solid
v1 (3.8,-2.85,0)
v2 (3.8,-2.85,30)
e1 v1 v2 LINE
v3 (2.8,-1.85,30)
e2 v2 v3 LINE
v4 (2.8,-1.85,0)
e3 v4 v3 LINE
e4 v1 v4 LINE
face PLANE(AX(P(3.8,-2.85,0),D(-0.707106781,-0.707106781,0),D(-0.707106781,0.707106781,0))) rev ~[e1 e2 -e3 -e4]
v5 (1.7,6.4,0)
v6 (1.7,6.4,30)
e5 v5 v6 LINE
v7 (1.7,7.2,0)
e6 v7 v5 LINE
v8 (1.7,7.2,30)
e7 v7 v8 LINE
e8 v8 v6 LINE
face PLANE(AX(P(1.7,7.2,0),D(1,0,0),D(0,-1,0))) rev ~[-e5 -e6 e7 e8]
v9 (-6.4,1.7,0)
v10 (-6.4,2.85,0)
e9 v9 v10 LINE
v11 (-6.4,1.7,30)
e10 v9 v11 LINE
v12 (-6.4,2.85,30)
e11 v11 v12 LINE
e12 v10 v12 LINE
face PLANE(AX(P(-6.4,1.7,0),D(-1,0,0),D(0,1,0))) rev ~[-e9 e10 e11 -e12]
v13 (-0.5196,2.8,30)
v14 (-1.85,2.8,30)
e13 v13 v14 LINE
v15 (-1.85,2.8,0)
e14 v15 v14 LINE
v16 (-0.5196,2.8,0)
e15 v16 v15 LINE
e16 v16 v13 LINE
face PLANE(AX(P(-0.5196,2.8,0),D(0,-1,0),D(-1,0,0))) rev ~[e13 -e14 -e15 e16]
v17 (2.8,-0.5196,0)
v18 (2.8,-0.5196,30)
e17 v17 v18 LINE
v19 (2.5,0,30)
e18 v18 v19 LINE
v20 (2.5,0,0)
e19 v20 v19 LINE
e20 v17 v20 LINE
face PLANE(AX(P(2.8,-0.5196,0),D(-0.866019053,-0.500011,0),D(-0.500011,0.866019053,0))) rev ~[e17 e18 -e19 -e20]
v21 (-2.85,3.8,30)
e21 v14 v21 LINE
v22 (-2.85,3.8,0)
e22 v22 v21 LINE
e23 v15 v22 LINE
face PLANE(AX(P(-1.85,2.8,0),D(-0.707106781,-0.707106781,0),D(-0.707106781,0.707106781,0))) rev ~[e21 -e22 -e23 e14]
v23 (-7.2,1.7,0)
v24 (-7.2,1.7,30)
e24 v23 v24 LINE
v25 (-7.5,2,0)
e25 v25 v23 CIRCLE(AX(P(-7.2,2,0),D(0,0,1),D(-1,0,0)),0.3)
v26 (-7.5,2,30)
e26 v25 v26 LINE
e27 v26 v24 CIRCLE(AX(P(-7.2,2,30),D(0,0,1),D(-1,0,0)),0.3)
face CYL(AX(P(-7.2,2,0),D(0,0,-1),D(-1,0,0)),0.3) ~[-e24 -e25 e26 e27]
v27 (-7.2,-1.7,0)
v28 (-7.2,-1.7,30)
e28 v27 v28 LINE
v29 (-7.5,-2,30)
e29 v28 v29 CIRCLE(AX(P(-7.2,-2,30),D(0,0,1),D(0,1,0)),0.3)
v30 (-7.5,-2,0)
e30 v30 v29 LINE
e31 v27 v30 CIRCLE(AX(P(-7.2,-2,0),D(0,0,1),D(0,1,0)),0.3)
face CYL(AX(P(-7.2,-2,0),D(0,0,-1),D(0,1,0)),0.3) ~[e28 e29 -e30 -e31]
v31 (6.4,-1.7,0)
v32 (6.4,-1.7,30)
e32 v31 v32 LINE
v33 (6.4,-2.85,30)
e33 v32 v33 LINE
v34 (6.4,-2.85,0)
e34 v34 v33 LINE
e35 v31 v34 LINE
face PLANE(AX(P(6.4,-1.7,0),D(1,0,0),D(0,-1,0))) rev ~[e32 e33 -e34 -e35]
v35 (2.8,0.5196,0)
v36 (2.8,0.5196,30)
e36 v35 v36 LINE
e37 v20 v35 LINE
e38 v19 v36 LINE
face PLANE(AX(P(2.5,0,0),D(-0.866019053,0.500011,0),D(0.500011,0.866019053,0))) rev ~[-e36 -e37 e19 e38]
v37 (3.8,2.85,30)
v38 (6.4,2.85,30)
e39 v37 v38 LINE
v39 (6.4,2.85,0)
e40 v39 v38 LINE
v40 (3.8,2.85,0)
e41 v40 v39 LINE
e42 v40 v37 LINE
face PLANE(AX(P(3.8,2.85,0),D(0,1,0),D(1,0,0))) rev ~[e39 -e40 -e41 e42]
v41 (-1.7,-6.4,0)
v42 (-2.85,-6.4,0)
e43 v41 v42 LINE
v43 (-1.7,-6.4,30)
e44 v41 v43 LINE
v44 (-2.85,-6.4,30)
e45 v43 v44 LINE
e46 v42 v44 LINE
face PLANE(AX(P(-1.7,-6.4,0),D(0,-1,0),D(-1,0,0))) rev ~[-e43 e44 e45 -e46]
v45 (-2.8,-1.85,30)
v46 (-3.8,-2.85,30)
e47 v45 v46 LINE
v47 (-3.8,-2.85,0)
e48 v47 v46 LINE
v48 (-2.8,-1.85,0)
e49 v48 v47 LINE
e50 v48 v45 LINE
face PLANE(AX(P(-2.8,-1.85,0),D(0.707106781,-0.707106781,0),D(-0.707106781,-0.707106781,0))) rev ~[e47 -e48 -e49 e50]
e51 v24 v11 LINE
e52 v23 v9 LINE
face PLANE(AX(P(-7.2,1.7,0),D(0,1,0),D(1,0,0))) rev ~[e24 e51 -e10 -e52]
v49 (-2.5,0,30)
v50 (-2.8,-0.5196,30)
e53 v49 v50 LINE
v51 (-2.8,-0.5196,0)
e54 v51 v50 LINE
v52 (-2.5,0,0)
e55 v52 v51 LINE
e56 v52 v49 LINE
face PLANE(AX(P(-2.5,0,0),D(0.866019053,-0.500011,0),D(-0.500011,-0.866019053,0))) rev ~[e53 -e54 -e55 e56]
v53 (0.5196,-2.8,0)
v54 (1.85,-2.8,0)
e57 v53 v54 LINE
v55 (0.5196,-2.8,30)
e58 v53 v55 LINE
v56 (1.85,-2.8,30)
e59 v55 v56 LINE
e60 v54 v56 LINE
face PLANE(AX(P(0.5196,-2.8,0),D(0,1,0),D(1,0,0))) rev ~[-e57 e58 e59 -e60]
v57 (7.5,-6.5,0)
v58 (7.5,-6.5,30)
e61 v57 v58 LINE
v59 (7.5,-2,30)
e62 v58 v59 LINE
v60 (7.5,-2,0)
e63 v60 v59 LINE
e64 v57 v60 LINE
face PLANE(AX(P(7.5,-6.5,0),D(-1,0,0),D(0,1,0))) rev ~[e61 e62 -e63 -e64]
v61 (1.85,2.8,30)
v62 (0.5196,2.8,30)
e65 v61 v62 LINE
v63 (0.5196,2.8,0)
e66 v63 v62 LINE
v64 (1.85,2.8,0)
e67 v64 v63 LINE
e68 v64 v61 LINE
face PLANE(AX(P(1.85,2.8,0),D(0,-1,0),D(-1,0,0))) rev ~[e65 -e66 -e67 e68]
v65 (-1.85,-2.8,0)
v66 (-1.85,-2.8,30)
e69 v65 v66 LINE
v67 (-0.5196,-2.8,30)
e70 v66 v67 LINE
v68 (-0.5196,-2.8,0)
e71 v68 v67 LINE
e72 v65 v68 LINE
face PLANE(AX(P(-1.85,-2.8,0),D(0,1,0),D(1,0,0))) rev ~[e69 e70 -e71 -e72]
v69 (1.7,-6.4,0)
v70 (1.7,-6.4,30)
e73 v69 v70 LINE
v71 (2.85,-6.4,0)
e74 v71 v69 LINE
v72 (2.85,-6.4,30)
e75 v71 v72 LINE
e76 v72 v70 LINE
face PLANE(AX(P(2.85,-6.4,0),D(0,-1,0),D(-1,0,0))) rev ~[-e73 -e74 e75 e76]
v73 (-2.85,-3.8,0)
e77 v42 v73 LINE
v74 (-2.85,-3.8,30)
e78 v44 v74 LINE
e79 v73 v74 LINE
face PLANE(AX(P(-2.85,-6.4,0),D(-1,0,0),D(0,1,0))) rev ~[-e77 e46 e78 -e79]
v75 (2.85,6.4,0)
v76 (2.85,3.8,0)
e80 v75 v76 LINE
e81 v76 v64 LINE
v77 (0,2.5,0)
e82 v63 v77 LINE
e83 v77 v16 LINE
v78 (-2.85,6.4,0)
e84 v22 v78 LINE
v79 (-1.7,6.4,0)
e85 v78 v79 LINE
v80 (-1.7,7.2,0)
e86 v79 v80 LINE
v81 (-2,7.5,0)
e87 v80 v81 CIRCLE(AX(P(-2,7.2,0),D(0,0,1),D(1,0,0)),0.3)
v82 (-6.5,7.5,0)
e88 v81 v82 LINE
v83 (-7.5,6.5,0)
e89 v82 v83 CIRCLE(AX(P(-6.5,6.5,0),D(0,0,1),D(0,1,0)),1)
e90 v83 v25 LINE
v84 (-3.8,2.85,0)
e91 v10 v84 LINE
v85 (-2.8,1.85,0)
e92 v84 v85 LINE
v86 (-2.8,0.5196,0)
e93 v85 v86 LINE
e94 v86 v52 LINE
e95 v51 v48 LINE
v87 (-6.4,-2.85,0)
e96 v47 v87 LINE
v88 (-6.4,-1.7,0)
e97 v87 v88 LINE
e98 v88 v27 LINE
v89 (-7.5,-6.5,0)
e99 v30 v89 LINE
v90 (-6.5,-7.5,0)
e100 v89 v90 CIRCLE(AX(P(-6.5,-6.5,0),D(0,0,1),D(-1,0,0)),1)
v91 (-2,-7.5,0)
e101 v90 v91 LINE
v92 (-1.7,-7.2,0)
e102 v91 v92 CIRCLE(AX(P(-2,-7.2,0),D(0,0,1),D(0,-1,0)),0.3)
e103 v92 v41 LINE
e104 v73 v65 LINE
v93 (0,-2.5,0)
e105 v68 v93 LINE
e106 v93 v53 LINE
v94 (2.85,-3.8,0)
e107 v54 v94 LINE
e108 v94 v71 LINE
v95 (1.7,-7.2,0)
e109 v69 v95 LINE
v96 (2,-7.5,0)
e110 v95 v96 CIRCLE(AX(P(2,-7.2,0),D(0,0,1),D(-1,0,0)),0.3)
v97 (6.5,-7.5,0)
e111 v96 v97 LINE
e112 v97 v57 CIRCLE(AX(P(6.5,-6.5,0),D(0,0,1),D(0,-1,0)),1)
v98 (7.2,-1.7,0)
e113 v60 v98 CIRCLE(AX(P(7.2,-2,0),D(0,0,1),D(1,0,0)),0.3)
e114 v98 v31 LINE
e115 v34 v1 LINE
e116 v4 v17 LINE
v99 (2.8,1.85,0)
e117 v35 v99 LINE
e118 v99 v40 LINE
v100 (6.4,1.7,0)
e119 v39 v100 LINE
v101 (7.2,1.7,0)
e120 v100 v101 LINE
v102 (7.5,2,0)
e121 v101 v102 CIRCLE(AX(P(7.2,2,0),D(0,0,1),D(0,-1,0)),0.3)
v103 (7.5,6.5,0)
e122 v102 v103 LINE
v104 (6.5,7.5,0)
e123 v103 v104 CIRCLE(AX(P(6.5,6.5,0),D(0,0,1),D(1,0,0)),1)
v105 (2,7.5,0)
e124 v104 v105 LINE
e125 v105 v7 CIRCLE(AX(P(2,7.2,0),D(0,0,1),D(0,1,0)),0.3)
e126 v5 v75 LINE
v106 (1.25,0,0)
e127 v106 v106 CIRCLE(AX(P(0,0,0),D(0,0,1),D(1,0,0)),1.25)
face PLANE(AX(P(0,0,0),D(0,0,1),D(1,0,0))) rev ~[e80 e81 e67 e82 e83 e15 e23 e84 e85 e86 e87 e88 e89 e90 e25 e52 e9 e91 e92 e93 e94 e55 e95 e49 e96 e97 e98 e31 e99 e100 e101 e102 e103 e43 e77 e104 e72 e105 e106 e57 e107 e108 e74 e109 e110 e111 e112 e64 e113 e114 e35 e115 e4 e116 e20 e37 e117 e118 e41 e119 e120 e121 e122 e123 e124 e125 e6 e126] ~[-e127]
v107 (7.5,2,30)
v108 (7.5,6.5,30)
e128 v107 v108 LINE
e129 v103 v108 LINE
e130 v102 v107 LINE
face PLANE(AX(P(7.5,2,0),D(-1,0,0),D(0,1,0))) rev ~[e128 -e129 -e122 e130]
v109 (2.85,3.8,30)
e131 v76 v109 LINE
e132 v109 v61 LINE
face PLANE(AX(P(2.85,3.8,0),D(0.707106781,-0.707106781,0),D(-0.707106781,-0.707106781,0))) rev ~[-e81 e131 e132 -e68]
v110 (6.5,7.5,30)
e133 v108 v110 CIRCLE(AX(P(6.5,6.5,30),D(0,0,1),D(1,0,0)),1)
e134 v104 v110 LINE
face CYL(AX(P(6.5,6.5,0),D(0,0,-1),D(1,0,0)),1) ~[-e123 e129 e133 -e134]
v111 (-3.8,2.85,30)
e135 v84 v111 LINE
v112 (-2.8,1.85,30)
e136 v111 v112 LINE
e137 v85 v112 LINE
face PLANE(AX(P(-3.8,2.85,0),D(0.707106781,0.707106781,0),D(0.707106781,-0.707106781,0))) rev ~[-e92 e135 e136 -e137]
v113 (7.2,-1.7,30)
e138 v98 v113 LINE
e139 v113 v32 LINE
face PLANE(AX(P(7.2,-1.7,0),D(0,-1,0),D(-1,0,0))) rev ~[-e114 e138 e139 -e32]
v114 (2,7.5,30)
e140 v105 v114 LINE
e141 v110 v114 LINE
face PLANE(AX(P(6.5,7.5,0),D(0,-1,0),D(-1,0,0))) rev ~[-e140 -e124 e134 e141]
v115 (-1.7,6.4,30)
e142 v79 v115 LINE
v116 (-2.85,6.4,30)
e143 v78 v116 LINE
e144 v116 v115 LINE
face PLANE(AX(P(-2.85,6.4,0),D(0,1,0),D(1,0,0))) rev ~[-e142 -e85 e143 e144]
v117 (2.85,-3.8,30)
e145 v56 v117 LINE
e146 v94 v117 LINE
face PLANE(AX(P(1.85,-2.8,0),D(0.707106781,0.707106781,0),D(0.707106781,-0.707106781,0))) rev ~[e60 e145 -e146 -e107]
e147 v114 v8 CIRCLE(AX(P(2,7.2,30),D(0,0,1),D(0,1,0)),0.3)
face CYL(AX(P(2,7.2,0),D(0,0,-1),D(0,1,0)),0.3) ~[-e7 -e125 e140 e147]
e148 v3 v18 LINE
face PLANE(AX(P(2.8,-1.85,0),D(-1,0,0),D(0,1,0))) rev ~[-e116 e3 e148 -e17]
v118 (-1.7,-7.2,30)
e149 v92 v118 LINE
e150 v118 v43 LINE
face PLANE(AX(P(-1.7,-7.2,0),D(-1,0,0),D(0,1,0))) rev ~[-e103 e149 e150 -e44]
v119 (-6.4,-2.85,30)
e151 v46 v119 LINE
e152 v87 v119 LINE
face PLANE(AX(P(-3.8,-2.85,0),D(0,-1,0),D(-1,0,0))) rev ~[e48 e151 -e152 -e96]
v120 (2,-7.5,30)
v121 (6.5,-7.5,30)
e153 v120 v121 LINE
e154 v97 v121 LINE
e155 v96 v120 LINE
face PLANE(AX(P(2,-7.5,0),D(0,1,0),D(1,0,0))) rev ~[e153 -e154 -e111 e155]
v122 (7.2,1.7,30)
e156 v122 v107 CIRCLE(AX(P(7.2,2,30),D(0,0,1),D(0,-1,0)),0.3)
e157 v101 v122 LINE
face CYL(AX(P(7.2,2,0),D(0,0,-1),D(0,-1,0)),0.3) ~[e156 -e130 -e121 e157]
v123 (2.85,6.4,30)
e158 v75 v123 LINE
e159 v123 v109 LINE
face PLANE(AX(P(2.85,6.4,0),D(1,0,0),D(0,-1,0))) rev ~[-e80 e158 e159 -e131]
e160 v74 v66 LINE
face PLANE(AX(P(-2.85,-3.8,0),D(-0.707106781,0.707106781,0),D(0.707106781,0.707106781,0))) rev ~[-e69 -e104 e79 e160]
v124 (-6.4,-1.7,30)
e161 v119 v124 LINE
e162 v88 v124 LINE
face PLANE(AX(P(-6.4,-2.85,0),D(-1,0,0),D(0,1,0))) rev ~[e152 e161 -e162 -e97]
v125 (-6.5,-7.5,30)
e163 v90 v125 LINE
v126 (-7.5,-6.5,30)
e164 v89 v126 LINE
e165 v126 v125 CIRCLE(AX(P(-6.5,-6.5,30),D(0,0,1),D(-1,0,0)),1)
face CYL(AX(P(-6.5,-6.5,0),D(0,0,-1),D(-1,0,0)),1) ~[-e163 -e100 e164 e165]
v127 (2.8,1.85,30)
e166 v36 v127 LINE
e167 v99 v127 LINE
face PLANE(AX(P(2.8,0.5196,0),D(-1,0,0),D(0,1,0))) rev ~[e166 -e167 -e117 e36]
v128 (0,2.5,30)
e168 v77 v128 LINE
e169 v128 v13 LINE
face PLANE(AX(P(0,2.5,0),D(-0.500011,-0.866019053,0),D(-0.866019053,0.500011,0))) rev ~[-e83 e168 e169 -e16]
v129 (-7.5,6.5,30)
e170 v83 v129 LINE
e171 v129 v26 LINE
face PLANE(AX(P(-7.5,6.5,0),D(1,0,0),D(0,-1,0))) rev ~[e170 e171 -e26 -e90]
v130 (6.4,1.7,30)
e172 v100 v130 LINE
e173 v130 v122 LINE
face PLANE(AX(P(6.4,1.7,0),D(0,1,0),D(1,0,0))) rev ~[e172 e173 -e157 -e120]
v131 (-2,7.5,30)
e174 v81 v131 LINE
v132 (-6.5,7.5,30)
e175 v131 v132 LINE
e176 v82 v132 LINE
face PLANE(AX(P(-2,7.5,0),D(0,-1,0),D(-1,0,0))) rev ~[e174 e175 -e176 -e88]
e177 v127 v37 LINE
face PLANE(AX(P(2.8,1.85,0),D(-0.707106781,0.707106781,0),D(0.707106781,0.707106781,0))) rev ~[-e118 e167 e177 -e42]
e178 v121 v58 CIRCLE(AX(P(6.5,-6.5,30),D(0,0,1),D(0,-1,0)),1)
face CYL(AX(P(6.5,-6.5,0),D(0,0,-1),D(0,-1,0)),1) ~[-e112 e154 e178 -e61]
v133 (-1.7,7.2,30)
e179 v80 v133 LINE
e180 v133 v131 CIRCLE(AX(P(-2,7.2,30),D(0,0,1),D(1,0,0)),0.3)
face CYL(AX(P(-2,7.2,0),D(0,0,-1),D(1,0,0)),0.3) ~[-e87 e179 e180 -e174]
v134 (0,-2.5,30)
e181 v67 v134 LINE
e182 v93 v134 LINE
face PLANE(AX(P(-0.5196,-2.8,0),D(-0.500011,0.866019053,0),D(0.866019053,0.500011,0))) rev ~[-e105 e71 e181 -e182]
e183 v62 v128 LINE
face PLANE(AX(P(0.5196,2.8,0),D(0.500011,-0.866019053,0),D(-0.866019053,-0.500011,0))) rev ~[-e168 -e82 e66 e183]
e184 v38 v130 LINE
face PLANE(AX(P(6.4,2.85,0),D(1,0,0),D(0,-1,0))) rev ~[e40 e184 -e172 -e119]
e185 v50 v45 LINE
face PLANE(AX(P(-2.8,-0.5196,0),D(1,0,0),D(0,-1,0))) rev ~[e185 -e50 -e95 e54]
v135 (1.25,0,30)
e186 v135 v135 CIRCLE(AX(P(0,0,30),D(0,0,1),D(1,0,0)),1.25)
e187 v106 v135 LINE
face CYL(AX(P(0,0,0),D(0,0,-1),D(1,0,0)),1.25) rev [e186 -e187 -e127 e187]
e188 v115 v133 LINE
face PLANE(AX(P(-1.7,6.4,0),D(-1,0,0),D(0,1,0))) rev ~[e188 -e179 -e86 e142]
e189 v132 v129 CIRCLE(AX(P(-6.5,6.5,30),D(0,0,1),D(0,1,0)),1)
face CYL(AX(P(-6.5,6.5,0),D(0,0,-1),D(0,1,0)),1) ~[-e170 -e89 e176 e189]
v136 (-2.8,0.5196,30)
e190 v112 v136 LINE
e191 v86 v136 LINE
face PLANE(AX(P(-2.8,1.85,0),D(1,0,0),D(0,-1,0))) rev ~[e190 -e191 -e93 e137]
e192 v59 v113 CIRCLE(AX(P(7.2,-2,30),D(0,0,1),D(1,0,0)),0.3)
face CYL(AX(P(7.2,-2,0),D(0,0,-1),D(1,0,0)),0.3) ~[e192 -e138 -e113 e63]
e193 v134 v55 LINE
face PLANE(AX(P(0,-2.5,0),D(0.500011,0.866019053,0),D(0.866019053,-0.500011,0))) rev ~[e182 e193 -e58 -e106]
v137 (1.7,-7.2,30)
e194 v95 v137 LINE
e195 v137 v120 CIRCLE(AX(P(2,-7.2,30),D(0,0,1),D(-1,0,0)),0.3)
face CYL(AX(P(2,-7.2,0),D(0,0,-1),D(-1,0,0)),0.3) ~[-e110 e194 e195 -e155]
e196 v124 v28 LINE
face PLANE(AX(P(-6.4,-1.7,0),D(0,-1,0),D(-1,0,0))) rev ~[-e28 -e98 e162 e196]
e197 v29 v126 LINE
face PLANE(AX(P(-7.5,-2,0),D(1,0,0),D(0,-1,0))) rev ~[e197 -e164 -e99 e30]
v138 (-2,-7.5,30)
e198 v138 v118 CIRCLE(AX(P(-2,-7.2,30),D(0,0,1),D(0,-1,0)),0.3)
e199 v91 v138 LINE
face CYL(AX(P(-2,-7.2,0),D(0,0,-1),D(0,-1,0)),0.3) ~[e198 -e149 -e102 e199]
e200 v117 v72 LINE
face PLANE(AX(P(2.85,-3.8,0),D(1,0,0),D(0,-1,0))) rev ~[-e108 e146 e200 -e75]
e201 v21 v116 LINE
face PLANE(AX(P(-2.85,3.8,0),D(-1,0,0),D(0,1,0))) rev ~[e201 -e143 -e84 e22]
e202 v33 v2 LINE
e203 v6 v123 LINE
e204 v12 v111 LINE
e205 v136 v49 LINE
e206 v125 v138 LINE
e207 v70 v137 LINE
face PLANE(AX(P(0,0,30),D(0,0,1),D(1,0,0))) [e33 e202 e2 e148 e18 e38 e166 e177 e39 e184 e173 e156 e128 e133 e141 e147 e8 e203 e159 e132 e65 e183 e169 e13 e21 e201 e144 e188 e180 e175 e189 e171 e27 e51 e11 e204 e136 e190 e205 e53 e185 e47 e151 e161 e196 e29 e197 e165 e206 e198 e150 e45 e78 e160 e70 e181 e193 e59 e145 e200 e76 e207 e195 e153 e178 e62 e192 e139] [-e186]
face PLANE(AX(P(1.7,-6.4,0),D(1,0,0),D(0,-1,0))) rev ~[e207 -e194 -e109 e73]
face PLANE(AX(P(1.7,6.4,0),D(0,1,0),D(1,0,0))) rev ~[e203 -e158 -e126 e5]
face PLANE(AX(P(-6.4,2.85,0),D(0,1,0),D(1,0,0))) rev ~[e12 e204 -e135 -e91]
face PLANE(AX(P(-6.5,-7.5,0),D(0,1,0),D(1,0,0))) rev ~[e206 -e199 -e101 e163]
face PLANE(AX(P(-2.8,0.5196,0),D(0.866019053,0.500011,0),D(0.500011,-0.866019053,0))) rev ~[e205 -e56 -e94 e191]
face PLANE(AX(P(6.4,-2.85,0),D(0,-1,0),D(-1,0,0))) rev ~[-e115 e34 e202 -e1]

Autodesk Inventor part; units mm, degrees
ref_plane "YZ Plane" through (0, 0, 0) normal (1, 0, 0) x (0, 1, 0)
ref_plane "XZ Plane" through (0, 0, 0) normal (0, 1, 0) x (-1, 0, 0)
ref_plane "XY Plane" through (0, 0, 0) normal (0, 0, 1) x (1, 0, 0)
sketch "Sketch_1" plane through (0, 0, 0) normal (0, 0, 1) x (1, 0, 0)
  line L0 (-7.5, 6.5) -> (-7.5, 2)
  arc A0 (-7.5, 2) -> (-7.2, 1.7) centre (-7.2, 2) ccw
  line L1 (-7.2, 1.7) -> (-6.4, 1.7)
  line L2 (-6.4, 1.7) -> (-6.4, 2.85)
  line L3 (-6.4, 2.85) -> (-3.8, 2.85)
  line L4 (-3.8, 2.85) -> (-2.8, 1.85)
  line L5 (-2.8, 1.85) -> (-2.8, 0.5196)
  line L6 (-2.8, 0.5196) -> (-2.5, 0)
  line L7 (-2.5, 0) -> (-2.8, -0.5196)
  line L8 (-2.8, -0.5196) -> (-2.8, -1.85)
  line L9 (-2.8, -1.85) -> (-3.8, -2.85)
  line L10 (-3.8, -2.85) -> (-6.4, -2.85)
  line L11 (-6.4, -2.85) -> (-6.4, -1.7)
  line L12 (-6.4, -1.7) -> (-7.2, -1.7)
  arc A1 (-7.2, -1.7) -> (-7.5, -2) centre (-7.2, -2) ccw
  line L13 (-7.5, -2) -> (-7.5, -6.5)
  arc A2 (-7.5, -6.5) -> (-6.5, -7.5) centre (-6.5, -6.5) ccw
  line L14 (-6.5, -7.5) -> (-2, -7.5)
  arc A3 (-2, -7.5) -> (-1.7, -7.2) centre (-2, -7.2) ccw
  line L15 (-1.7, -7.2) -> (-1.7, -6.4)
  line L16 (-1.7, -6.4) -> (-2.85, -6.4)
  line L17 (-2.85, -6.4) -> (-2.85, -3.8)
  line L18 (-2.85, -3.8) -> (-1.85, -2.8)
  line L19 (-1.85, -2.8) -> (-0.5196, -2.8)
  line L20 (-0.5196, -2.8) -> (0, -2.5)
  line L21 (0, -2.5) -> (0.5196, -2.8)
  line L22 (0.5196, -2.8) -> (1.85, -2.8)
  line L23 (1.85, -2.8) -> (2.85, -3.8)
  line L24 (2.85, -3.8) -> (2.85, -6.4)
  line L25 (2.85, -6.4) -> (1.7, -6.4)
  line L26 (1.7, -6.4) -> (1.7, -7.2)
  arc A4 (1.7, -7.2) -> (2, -7.5) centre (2, -7.2) ccw
  line L27 (2, -7.5) -> (6.5, -7.5)
  arc A5 (6.5, -7.5) -> (7.5, -6.5) centre (6.5, -6.5) ccw
  line L28 (7.5, -6.5) -> (7.5, -2)
  arc A6 (7.5, -2) -> (7.2, -1.7) centre (7.2, -2) ccw
  line L29 (7.2, -1.7) -> (6.4, -1.7)
  line L30 (6.4, -1.7) -> (6.4, -2.85)
  line L31 (6.4, -2.85) -> (3.8, -2.85)
  line L32 (3.8, -2.85) -> (2.8, -1.85)
  line L33 (2.8, -1.85) -> (2.8, -0.5196)
  line L34 (2.8, -0.5196) -> (2.5, 0)
  line L35 (2.5, 0) -> (2.8, 0.5196)
  line L36 (2.8, 0.5196) -> (2.8, 1.85)
  line L37 (2.8, 1.85) -> (3.8, 2.85)
  line L38 (3.8, 2.85) -> (6.4, 2.85)
  line L39 (6.4, 2.85) -> (6.4, 1.7)
  line L40 (6.4, 1.7) -> (7.2, 1.7)
  arc A7 (7.2, 1.7) -> (7.5, 2) centre (7.2, 2) ccw
  line L41 (7.5, 2) -> (7.5, 6.5)
  arc A8 (7.5, 6.5) -> (6.5, 7.5) centre (6.5, 6.5) ccw
  line L42 (6.5, 7.5) -> (2, 7.5)
  arc A9 (2, 7.5) -> (1.7, 7.2) centre (2, 7.2) ccw
  line L43 (1.7, 7.2) -> (1.7, 6.4)
  line L44 (1.7, 6.4) -> (2.85, 6.4)
  line L45 (2.85, 6.4) -> (2.85, 3.8)
  line L46 (2.85, 3.8) -> (1.85, 2.8)
  line L47 (1.85, 2.8) -> (0.5196, 2.8)
  line L48 (0.5196, 2.8) -> (0, 2.5)
  line L49 (0, 2.5) -> (-0.5196, 2.8)
  line L50 (-0.5196, 2.8) -> (-1.85, 2.8)
  line L51 (-1.85, 2.8) -> (-2.85, 3.8)
  line L52 (-2.85, 3.8) -> (-2.85, 6.4)
  line L53 (-2.85, 6.4) -> (-1.7, 6.4)
  line L54 (-1.7, 6.4) -> (-1.7, 7.2)
  arc A10 (-1.7, 7.2) -> (-2, 7.5) centre (-2, 7.2) ccw
  line L55 (-2, 7.5) -> (-6.5, 7.5)
  arc A11 (-6.5, 7.5) -> (-7.5, 6.5) centre (-6.5, 6.5) ccw
  circle A12 centre (0, 0) radius 1.25
extrude "Extrusion1" add sketch "Sketch_1" along normal blind 30
properties part number "HFS3-1515-30"
